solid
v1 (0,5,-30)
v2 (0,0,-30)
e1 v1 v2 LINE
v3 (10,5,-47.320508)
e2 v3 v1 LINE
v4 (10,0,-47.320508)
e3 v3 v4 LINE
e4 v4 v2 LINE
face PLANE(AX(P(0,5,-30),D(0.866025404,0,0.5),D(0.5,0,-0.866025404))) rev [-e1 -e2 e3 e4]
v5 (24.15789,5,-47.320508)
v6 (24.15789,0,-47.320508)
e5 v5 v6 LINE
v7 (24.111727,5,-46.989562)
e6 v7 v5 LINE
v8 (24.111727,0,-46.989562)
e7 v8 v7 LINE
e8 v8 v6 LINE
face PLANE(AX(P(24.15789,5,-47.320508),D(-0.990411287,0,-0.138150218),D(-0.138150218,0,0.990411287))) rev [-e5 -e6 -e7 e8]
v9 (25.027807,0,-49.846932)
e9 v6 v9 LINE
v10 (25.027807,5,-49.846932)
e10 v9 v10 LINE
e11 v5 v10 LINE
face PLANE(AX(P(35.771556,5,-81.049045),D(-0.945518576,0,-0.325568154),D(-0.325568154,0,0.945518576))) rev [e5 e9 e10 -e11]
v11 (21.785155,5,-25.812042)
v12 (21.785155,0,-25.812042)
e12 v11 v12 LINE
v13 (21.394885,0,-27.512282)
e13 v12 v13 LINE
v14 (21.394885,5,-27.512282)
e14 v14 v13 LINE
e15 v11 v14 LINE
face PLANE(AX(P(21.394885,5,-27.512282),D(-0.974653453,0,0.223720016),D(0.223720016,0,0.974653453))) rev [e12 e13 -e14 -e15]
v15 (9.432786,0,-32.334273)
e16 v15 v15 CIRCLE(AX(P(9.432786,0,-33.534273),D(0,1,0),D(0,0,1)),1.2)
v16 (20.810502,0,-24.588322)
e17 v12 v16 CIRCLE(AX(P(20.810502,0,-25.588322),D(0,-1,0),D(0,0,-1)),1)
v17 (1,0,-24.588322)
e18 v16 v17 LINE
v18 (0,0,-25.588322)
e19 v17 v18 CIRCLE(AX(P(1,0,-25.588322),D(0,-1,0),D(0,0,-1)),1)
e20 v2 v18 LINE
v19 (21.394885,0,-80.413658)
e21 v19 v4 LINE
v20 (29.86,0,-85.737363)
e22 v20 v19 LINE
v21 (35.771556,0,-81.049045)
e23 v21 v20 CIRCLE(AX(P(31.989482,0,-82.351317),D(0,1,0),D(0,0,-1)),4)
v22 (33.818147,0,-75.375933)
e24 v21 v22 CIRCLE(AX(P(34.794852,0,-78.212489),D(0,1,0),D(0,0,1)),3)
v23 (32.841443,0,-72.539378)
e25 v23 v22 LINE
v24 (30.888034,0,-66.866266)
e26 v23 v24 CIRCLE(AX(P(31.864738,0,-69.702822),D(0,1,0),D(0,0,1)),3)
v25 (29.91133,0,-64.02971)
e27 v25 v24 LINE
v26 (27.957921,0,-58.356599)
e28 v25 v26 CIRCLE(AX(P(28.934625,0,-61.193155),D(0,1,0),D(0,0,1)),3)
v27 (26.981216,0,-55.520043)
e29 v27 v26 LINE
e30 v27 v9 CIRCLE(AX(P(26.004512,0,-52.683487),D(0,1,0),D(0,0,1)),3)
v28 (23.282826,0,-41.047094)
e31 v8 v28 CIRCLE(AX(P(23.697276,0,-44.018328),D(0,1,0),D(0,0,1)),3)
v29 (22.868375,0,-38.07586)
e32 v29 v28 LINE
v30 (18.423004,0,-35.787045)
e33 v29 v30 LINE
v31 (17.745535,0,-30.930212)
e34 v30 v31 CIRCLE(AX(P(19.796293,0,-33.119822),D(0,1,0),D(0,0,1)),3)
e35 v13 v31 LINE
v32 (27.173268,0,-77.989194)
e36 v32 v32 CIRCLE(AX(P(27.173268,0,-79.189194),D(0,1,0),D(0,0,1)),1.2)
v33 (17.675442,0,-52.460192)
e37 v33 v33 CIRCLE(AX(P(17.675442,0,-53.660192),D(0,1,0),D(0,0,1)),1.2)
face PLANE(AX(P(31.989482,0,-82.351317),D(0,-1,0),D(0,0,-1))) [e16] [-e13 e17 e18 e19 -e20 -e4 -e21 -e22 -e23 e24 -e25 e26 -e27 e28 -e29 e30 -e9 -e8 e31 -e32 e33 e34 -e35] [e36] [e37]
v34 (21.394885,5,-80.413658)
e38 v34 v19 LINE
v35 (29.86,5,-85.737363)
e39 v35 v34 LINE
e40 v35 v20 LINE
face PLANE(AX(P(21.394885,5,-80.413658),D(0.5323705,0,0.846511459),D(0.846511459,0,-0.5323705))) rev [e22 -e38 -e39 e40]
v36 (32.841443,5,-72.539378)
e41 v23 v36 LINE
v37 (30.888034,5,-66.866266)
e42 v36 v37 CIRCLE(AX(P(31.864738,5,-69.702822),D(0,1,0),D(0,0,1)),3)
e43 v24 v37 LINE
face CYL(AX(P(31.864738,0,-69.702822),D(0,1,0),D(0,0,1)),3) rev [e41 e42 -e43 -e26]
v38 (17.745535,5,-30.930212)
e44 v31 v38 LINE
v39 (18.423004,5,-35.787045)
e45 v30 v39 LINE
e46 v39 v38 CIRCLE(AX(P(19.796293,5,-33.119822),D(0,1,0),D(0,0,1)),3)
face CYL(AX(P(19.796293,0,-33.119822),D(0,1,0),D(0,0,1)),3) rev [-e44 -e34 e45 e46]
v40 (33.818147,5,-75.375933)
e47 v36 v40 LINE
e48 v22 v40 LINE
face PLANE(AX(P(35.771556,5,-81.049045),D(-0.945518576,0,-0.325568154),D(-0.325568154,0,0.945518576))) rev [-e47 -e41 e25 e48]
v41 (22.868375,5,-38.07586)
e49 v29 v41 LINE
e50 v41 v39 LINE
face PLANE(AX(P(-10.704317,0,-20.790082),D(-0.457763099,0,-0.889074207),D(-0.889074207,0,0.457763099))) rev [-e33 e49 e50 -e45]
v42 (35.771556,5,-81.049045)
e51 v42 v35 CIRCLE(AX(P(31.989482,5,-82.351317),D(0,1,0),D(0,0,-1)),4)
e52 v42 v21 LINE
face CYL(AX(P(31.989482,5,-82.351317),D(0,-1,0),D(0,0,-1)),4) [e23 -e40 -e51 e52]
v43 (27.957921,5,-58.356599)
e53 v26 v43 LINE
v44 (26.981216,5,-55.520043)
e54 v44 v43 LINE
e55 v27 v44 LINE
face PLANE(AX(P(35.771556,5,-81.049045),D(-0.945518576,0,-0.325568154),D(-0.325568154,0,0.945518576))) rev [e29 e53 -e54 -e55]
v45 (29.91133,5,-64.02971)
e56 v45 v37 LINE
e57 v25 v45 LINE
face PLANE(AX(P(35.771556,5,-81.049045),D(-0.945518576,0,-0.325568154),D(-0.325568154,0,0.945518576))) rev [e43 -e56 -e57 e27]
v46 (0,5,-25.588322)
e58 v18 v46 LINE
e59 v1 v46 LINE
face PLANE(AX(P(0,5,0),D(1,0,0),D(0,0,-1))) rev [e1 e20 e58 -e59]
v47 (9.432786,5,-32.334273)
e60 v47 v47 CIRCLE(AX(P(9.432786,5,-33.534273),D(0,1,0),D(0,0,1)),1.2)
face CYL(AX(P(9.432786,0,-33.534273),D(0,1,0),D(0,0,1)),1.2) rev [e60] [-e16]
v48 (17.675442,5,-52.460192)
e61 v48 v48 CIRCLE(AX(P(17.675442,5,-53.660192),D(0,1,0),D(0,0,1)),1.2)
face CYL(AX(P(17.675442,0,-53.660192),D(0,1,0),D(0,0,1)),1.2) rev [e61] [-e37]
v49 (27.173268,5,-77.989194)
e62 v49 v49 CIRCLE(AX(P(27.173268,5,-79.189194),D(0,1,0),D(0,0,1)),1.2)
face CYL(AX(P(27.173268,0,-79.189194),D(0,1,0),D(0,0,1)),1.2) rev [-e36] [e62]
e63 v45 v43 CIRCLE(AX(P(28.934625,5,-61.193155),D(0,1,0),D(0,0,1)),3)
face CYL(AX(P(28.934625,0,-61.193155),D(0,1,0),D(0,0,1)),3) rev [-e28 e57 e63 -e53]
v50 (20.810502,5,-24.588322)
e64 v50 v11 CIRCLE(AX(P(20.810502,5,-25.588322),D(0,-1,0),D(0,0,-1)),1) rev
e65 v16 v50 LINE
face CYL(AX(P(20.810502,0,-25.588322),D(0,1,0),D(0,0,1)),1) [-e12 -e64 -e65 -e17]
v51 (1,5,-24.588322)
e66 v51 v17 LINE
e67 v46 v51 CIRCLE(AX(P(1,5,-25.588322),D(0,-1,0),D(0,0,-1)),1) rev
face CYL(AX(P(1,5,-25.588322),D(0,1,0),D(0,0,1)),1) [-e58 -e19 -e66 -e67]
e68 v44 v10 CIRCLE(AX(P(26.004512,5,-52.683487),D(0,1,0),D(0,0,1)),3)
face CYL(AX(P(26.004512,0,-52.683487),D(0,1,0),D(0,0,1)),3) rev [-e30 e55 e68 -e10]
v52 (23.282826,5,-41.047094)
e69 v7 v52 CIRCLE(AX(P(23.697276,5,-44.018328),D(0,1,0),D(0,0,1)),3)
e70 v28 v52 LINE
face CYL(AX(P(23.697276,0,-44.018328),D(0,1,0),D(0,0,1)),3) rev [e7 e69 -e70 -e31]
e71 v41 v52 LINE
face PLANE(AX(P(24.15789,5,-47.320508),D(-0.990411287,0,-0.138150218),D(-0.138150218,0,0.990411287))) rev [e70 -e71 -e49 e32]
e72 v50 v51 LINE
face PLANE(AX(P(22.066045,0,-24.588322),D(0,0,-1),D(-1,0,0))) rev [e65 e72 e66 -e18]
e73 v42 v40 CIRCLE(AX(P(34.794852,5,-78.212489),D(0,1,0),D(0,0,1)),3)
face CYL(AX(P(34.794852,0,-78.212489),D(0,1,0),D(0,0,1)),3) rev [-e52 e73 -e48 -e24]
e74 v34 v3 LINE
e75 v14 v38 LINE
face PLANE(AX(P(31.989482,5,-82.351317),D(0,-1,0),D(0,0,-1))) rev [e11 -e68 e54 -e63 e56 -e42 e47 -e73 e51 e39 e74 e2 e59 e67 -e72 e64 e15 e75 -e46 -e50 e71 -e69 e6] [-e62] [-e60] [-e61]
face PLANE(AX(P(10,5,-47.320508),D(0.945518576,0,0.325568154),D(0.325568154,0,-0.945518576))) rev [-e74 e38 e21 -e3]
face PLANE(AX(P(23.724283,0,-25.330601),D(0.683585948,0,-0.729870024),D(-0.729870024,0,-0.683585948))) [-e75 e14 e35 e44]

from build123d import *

# Parameters (mm, degrees)
BOSS_EXTRUDE1_DEPTH = 5
TEETH_CUTOUT_DEPTH  = 6
FILLET2_R           = 0.5
SKETCH3_R           = 1.2
HOLE_CUTOUT_DEPTH   = 6
CUT_EXTRUDE1_DEPTH  = 6
FILLET3_R           = 1


with BuildPart() as part:
    # Sketch1 → Boss-Extrude1 (new body)
    with BuildSketch(Plane(origin=(0, 0, 0), x_dir=(1, 0, 0), z_dir=(0, 1, 0))):
        with BuildLine():
            Line((0, 0), (0, 30))
            Line((0, 30), (10, 47.320508076))
            Line((10, 47.320508076), (21.394885406, 80.413658222))
            Line((21.394885406, 80.413658222), (29.86, 85.73736322))
            ThreePointArc((29.86, 85.73736322), (34.475009673, 85.485348682), (35.771556302, 81.049044765))
            Line((35.771556302, 81.049044765), (24.157889764, 47.320508076))
            Line((24.157889764, 47.320508076), (21.394885406, 27.512282337))
            Line((21.394885406, 27.512282337), (27.71, 0))
            Line((27.71, 0), (0, 0))
        make_face()
    extrude(amount=BOSS_EXTRUDE1_DEPTH)

    # Sketch2 → Teeth_Cutout (cut, through all)
    with BuildSketch(Plane(origin=(0, 5, 0), x_dir=(1, 0, 0), z_dir=(0, 1, 0))):
        with BuildLine():
            ThreePointArc((35.771556302, 81.049044765), (31.958296112, 79.189193501), (33.818147375, 75.375933311))
            Line((33.818147375, 75.375933311), (35.771556302, 81.049044765))
        make_face()
        with BuildLine():
            ThreePointArc((32.841442912, 72.539377584), (29.028182721, 70.679526321), (30.888033985, 66.866266131))
            Line((30.888033985, 66.866266131), (32.841442912, 72.539377584))
        make_face()
        with BuildLine():
            ThreePointArc((29.911329522, 64.029710404), (26.098069331, 62.16985914), (27.957920595, 58.35659895))
            Line((27.957920595, 58.35659895), (29.911329522, 64.029710404))
        make_face()
        with BuildLine():
            ThreePointArc((26.981216131, 55.520043223), (23.167955941, 53.66019196), (25.027807205, 49.84693177))
            Line((25.027807205, 49.84693177), (26.981216131, 55.520043223))
        make_face()
        with BuildLine():
            ThreePointArc((24.111726827, 46.989561847), (20.726042313, 44.43277864), (23.28282552, 41.047094125))
            Line((23.28282552, 41.047094125), (24.111726827, 46.989561847))
        make_face()
        with BuildLine():
            Line((17.745535287, 30.930212077), (21.394885406, 27.512282337))
            Line((21.394885406, 27.512282337), (22.868374866, 38.075860265))
            Line((22.868374866, 38.075860265), (18.423003833, 35.787044768))
            ThreePointArc((18.423003833, 35.787044768), (16.82505927, 33.534272802), (17.745535287, 30.930212077))
        make_face()
        with BuildLine():
            Line((19.827305771, 16.086577823), (24.453138026, 14.188769628))
            Line((24.453138026, 14.188769628), (22.066045454, 24.588321976))
            Line((22.066045454, 24.588321976), (18.730897185, 20.863166138))
            ThreePointArc((18.730897185, 20.863166138), (18.042030328, 18.190917128), (19.827305771, 16.086577823))
        make_face()
        with BuildLine():
            Line((22.885558392, 2.763065114), (27.511390647, 0.865256919))
            Line((27.511390647, 0.865256919), (25.124298075, 11.264809267))
            Line((25.124298075, 11.264809267), (21.789149806, 7.539653429))
            ThreePointArc((21.789149806, 7.539653429), (21.100282948, 4.867404419), (22.885558392, 2.763065114))
        make_face()
    extrude(amount=-TEETH_CUTOUT_DEPTH, mode=Mode.SUBTRACT)

    # Fillet2
    fillet2_edges = [part.edges().sort_by_distance(p)[0] for p in [
        (27.71, 2.5, 0),
        (27.511390647, 2.5, -0.865256919),
    ]]
    fillet(fillet2_edges, radius=FILLET2_R)

    # Sketch3 → Hole_Cutout (cut, through all)
    with BuildSketch(Plane(origin=(0, 5, 0), x_dir=(1, 0, 0), z_dir=(0, 1, 0))):
        with Locations((11.72836197, 9.402231348)):
            Circle(SKETCH3_R)
        with Locations((9.432786312, 33.534272802)):
            Circle(SKETCH3_R)
        with Locations((17.675442081, 53.66019196)):
            Circle(SKETCH3_R)
        with Locations((27.173268391, 79.189193501)):
            Circle(SKETCH3_R)
    extrude(amount=-HOLE_CUTOUT_DEPTH, mode=Mode.SUBTRACT)

    # Sketch4 → Cut-Extrude1 (cut, through all)
    with BuildSketch(Plane(origin=(0, 5, 0), x_dir=(1, 0, 0), z_dir=(0, 1, 0))):
        Polygon((22.066045454, 24.588321976), (0, 24.588321976), (0, 0), (28.614713262, 0), (28.614713262, 24.588321976), align=None)
    extrude(amount=-CUT_EXTRUDE1_DEPTH, mode=Mode.SUBTRACT)

    # Fillet3
    fillet3_edges = [part.edges().sort_by_distance(p)[0] for p in [
        (0, 2.5, -24.588321976),
        (22.066045454, 2.5, -24.588321976),
    ]]
    fillet(fillet3_edges, radius=FILLET3_R)


solid = part.part
